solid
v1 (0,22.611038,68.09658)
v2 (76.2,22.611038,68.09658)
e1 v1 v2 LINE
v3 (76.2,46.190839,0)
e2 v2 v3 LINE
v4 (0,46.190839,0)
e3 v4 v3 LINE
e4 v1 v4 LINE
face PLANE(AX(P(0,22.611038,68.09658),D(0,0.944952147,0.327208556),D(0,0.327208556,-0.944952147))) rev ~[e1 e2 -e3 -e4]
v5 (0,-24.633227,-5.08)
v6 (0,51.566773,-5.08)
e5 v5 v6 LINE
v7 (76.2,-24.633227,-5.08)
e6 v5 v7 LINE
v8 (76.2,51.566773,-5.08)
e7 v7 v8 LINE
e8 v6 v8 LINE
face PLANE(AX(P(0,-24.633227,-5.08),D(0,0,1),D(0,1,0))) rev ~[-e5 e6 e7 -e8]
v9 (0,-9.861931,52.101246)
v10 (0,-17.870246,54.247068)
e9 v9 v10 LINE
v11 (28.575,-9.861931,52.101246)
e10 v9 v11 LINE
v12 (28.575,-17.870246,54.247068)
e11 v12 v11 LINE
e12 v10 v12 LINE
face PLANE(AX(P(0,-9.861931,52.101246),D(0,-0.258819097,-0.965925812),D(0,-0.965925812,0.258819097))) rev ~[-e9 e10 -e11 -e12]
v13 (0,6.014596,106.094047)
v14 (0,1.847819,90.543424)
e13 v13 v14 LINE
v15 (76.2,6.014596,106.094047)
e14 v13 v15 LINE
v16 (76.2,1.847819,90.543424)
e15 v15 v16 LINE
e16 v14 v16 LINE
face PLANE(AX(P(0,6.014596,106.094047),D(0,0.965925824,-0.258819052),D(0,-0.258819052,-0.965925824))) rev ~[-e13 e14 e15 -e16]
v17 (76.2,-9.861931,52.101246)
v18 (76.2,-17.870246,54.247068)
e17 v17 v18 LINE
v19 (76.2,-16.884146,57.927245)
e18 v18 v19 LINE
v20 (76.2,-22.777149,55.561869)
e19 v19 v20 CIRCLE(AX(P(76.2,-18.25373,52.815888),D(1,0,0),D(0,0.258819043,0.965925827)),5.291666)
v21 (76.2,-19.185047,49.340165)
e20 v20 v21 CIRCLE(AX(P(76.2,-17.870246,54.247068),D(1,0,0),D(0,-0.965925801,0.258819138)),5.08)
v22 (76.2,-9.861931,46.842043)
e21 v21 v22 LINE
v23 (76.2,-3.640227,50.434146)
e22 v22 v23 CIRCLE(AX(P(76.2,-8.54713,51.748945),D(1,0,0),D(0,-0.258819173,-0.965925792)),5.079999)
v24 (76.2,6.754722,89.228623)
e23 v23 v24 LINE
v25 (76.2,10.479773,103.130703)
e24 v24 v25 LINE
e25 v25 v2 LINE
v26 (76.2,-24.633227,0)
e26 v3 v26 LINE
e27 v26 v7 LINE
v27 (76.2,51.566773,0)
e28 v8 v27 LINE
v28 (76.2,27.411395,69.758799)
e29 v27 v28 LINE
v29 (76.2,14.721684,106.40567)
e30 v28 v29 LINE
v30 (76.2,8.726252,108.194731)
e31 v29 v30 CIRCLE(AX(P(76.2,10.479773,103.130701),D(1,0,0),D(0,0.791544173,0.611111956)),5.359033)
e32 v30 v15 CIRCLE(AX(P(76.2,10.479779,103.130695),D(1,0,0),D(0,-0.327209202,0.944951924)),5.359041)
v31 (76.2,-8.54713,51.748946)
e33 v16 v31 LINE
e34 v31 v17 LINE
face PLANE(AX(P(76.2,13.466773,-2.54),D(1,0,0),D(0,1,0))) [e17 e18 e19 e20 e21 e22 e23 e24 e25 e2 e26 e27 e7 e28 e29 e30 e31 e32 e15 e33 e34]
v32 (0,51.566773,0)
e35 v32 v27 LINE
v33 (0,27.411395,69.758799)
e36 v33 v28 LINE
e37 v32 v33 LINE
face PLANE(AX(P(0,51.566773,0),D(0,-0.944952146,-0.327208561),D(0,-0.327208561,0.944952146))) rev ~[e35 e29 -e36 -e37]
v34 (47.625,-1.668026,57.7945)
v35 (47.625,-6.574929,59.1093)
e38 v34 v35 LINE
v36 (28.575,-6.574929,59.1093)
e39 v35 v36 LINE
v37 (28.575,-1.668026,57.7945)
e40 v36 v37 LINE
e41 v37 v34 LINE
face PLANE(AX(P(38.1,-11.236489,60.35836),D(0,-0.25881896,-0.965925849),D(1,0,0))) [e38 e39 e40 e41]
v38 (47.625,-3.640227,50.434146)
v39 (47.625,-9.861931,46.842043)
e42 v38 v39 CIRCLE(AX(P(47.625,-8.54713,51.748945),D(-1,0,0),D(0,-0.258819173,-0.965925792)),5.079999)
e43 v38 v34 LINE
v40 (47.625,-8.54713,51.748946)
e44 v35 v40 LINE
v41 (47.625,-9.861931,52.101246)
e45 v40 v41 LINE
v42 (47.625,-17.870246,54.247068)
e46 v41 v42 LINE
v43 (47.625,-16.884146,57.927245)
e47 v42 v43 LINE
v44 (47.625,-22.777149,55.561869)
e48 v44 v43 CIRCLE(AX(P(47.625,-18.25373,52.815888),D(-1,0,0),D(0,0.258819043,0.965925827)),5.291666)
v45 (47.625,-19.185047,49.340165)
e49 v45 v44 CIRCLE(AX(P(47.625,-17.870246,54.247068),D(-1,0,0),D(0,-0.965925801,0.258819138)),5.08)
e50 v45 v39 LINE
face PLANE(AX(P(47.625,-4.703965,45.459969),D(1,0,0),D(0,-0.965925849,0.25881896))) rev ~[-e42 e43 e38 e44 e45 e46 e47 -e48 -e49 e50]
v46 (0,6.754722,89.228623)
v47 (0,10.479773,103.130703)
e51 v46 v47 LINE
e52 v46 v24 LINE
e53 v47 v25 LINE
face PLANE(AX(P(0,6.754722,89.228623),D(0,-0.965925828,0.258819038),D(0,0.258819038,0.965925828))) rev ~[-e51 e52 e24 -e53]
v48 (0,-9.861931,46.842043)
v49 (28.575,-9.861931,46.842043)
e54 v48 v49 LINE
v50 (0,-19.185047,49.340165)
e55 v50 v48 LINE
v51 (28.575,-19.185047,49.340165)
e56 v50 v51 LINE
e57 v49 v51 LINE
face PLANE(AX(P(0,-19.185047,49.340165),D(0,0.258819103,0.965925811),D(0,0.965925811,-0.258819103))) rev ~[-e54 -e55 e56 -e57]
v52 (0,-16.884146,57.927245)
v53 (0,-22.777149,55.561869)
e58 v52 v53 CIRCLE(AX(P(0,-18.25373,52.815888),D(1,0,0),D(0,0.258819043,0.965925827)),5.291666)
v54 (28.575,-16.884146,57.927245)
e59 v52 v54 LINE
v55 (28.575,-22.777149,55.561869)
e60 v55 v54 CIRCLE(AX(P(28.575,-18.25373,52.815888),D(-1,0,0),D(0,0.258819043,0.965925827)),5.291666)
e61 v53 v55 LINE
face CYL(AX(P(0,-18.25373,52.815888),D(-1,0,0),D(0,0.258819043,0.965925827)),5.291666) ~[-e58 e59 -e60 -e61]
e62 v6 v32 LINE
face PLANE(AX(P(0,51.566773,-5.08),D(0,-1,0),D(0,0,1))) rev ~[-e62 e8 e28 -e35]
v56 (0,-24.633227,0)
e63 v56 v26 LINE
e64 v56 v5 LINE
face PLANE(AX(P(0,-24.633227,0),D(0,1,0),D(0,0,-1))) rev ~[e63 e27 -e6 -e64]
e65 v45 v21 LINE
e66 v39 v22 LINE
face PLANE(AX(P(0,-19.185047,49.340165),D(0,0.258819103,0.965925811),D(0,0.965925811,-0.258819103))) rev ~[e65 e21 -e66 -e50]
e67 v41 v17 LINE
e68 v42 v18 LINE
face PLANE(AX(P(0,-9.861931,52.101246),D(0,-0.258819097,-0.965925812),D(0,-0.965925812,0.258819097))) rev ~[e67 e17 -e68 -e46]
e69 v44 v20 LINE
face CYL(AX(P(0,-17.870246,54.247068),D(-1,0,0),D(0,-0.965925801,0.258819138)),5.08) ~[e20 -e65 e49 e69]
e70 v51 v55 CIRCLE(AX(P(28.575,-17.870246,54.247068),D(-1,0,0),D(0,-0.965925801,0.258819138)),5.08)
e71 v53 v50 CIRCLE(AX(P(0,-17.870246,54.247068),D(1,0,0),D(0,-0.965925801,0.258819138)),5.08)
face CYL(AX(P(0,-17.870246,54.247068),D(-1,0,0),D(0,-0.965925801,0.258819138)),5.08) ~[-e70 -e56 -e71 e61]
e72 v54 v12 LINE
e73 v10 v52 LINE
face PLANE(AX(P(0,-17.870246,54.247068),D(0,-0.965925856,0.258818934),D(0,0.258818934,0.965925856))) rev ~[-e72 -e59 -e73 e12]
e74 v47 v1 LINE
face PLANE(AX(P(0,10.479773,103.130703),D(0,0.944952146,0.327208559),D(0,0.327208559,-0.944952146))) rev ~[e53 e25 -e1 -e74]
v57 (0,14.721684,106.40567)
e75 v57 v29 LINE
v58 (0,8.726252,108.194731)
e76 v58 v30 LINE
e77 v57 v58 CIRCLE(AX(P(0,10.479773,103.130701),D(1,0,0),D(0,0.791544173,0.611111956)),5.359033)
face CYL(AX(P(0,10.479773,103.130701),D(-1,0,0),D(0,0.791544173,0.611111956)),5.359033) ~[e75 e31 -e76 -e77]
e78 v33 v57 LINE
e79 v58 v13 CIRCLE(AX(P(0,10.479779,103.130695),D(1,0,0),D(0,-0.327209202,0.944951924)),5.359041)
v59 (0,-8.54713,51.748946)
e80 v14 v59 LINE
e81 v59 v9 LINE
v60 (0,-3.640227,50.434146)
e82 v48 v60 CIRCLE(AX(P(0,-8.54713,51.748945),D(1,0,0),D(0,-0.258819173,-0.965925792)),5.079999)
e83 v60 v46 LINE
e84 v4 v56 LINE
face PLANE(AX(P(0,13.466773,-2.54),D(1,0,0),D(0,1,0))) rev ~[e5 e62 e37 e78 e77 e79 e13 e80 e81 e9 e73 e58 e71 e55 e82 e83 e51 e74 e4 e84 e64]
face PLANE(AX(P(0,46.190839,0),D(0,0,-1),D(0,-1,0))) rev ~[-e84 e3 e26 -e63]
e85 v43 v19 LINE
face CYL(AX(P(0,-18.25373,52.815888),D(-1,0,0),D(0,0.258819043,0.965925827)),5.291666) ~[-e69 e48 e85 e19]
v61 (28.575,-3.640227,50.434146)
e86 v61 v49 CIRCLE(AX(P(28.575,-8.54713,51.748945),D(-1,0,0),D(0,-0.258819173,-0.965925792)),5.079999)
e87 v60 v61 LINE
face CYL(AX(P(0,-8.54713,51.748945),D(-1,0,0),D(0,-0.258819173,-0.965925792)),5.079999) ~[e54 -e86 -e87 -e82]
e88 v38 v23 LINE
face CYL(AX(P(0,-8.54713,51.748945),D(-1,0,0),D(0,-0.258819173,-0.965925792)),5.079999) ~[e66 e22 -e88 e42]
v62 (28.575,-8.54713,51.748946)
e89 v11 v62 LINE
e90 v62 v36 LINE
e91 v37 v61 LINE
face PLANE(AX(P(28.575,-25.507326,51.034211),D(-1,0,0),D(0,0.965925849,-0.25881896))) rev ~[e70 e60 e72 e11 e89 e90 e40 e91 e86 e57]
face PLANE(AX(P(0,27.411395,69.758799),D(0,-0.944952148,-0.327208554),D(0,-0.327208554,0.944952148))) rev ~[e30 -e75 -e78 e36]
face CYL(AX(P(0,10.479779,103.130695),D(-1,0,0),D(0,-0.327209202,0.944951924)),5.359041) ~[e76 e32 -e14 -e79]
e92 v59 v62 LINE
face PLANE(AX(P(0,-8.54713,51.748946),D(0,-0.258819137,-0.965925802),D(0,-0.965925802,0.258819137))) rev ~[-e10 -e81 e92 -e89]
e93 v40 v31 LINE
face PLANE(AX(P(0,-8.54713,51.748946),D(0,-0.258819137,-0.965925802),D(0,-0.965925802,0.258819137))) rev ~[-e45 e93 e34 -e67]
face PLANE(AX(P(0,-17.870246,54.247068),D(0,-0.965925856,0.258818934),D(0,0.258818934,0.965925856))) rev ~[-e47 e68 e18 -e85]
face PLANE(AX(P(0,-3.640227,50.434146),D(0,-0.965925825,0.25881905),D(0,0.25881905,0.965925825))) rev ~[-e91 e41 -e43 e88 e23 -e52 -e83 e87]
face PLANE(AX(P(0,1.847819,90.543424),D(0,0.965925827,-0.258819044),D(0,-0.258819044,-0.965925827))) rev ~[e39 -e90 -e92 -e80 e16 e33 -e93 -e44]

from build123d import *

# Parameters (mm, degrees)
F1_DEPTH = 76.2
F2_W     = 19.05
F2_H     = 9.652
F2_H_2   = 6.545304
F2_H_3   = 5.33992
F3_DEPTH = 12.7


with BuildPart() as f1:
    # F0 (on Right) → F1 (new body)
    with BuildSketch(Plane.YZ):
        Polygon((46.190839, 0), (-24.633227, 0), (-24.633227, -5.08), (51.566773, -5.08), (51.566773, 0), align=None)
        Polygon((22.611038, 68.09658), (46.190839, 0), (51.566773, 0), (27.411395, 69.758799), align=None)
        Polygon((-9.861931, 52.101246), (-9.861931, 46.842043), (-8.54713, 51.748946), align=None)
        Polygon((-19.185047, 49.340165), (-9.861931, 46.842043), (-9.861931, 52.101246), (-17.870246, 54.247068), align=None)
        with BuildLine():
            Line((-3.640227, 50.434146), (6.754722, 89.228623))
            Line((6.754722, 89.228623), (1.847819, 90.543424))
            Line((1.847819, 90.543424), (-8.54713, 51.748946))
            Line((-8.54713, 51.748946), (-9.861931, 46.842043))
            ThreePointArc((-9.861931, 46.842043), (-6.00713, 47.349537), (-3.640227, 50.434146))
        make_face()
        with BuildLine():
            Line((10.479773, 103.130703), (22.611038, 68.09658))
            Line((22.611038, 68.09658), (27.411395, 69.758799))
            Line((27.411395, 69.758799), (14.721684, 106.40567))
            ThreePointArc((14.721684, 106.40567), (12.012158, 108.265974), (8.726252, 108.194731))
            Line((8.726252, 108.194731), (10.479773, 103.130703))
        make_face()
        with BuildLine():
            ThreePointArc((-22.777149, 55.561869), (-22.269655, 51.707068), (-19.185047, 49.340165))
            Line((-19.185047, 49.340165), (-17.870246, 54.247068))
            Line((-17.870246, 54.247068), (-16.884146, 57.927245))
            ThreePointArc((-16.884146, 57.927245), (-20.224877, 57.726724), (-22.777149, 55.561869))
        make_face()
        with BuildLine():
            Line((6.754722, 89.228623), (10.479773, 103.130703))
            Line((10.479773, 103.130703), (8.726252, 108.194731))
            ThreePointArc((8.726252, 108.194731), (7.197812, 107.367204), (6.014596, 106.094047))
            Line((6.014596, 106.094047), (1.847819, 90.543424))
            Line((1.847819, 90.543424), (6.754722, 89.228623))
        make_face()
    extrude(amount=F1_DEPTH)

    # F2 (on face) → F3 (cut)
    with BuildSketch(Plane(origin=(0, 11.049887, 41.238739), x_dir=(1, 0, 0), z_dir=(0, -0.258819, -0.965926))):
        with Locations((38.1, 26.475507)):
            Rectangle(F2_W, F2_H)
        with Locations((38.1, 34.574159)):
            Rectangle(F2_W, F2_H_2)
        with Locations((38.1, 18.979547)):
            Rectangle(F2_W, F2_H_3)
    extrude(amount=-F3_DEPTH, mode=Mode.SUBTRACT)


solid = f1.part
